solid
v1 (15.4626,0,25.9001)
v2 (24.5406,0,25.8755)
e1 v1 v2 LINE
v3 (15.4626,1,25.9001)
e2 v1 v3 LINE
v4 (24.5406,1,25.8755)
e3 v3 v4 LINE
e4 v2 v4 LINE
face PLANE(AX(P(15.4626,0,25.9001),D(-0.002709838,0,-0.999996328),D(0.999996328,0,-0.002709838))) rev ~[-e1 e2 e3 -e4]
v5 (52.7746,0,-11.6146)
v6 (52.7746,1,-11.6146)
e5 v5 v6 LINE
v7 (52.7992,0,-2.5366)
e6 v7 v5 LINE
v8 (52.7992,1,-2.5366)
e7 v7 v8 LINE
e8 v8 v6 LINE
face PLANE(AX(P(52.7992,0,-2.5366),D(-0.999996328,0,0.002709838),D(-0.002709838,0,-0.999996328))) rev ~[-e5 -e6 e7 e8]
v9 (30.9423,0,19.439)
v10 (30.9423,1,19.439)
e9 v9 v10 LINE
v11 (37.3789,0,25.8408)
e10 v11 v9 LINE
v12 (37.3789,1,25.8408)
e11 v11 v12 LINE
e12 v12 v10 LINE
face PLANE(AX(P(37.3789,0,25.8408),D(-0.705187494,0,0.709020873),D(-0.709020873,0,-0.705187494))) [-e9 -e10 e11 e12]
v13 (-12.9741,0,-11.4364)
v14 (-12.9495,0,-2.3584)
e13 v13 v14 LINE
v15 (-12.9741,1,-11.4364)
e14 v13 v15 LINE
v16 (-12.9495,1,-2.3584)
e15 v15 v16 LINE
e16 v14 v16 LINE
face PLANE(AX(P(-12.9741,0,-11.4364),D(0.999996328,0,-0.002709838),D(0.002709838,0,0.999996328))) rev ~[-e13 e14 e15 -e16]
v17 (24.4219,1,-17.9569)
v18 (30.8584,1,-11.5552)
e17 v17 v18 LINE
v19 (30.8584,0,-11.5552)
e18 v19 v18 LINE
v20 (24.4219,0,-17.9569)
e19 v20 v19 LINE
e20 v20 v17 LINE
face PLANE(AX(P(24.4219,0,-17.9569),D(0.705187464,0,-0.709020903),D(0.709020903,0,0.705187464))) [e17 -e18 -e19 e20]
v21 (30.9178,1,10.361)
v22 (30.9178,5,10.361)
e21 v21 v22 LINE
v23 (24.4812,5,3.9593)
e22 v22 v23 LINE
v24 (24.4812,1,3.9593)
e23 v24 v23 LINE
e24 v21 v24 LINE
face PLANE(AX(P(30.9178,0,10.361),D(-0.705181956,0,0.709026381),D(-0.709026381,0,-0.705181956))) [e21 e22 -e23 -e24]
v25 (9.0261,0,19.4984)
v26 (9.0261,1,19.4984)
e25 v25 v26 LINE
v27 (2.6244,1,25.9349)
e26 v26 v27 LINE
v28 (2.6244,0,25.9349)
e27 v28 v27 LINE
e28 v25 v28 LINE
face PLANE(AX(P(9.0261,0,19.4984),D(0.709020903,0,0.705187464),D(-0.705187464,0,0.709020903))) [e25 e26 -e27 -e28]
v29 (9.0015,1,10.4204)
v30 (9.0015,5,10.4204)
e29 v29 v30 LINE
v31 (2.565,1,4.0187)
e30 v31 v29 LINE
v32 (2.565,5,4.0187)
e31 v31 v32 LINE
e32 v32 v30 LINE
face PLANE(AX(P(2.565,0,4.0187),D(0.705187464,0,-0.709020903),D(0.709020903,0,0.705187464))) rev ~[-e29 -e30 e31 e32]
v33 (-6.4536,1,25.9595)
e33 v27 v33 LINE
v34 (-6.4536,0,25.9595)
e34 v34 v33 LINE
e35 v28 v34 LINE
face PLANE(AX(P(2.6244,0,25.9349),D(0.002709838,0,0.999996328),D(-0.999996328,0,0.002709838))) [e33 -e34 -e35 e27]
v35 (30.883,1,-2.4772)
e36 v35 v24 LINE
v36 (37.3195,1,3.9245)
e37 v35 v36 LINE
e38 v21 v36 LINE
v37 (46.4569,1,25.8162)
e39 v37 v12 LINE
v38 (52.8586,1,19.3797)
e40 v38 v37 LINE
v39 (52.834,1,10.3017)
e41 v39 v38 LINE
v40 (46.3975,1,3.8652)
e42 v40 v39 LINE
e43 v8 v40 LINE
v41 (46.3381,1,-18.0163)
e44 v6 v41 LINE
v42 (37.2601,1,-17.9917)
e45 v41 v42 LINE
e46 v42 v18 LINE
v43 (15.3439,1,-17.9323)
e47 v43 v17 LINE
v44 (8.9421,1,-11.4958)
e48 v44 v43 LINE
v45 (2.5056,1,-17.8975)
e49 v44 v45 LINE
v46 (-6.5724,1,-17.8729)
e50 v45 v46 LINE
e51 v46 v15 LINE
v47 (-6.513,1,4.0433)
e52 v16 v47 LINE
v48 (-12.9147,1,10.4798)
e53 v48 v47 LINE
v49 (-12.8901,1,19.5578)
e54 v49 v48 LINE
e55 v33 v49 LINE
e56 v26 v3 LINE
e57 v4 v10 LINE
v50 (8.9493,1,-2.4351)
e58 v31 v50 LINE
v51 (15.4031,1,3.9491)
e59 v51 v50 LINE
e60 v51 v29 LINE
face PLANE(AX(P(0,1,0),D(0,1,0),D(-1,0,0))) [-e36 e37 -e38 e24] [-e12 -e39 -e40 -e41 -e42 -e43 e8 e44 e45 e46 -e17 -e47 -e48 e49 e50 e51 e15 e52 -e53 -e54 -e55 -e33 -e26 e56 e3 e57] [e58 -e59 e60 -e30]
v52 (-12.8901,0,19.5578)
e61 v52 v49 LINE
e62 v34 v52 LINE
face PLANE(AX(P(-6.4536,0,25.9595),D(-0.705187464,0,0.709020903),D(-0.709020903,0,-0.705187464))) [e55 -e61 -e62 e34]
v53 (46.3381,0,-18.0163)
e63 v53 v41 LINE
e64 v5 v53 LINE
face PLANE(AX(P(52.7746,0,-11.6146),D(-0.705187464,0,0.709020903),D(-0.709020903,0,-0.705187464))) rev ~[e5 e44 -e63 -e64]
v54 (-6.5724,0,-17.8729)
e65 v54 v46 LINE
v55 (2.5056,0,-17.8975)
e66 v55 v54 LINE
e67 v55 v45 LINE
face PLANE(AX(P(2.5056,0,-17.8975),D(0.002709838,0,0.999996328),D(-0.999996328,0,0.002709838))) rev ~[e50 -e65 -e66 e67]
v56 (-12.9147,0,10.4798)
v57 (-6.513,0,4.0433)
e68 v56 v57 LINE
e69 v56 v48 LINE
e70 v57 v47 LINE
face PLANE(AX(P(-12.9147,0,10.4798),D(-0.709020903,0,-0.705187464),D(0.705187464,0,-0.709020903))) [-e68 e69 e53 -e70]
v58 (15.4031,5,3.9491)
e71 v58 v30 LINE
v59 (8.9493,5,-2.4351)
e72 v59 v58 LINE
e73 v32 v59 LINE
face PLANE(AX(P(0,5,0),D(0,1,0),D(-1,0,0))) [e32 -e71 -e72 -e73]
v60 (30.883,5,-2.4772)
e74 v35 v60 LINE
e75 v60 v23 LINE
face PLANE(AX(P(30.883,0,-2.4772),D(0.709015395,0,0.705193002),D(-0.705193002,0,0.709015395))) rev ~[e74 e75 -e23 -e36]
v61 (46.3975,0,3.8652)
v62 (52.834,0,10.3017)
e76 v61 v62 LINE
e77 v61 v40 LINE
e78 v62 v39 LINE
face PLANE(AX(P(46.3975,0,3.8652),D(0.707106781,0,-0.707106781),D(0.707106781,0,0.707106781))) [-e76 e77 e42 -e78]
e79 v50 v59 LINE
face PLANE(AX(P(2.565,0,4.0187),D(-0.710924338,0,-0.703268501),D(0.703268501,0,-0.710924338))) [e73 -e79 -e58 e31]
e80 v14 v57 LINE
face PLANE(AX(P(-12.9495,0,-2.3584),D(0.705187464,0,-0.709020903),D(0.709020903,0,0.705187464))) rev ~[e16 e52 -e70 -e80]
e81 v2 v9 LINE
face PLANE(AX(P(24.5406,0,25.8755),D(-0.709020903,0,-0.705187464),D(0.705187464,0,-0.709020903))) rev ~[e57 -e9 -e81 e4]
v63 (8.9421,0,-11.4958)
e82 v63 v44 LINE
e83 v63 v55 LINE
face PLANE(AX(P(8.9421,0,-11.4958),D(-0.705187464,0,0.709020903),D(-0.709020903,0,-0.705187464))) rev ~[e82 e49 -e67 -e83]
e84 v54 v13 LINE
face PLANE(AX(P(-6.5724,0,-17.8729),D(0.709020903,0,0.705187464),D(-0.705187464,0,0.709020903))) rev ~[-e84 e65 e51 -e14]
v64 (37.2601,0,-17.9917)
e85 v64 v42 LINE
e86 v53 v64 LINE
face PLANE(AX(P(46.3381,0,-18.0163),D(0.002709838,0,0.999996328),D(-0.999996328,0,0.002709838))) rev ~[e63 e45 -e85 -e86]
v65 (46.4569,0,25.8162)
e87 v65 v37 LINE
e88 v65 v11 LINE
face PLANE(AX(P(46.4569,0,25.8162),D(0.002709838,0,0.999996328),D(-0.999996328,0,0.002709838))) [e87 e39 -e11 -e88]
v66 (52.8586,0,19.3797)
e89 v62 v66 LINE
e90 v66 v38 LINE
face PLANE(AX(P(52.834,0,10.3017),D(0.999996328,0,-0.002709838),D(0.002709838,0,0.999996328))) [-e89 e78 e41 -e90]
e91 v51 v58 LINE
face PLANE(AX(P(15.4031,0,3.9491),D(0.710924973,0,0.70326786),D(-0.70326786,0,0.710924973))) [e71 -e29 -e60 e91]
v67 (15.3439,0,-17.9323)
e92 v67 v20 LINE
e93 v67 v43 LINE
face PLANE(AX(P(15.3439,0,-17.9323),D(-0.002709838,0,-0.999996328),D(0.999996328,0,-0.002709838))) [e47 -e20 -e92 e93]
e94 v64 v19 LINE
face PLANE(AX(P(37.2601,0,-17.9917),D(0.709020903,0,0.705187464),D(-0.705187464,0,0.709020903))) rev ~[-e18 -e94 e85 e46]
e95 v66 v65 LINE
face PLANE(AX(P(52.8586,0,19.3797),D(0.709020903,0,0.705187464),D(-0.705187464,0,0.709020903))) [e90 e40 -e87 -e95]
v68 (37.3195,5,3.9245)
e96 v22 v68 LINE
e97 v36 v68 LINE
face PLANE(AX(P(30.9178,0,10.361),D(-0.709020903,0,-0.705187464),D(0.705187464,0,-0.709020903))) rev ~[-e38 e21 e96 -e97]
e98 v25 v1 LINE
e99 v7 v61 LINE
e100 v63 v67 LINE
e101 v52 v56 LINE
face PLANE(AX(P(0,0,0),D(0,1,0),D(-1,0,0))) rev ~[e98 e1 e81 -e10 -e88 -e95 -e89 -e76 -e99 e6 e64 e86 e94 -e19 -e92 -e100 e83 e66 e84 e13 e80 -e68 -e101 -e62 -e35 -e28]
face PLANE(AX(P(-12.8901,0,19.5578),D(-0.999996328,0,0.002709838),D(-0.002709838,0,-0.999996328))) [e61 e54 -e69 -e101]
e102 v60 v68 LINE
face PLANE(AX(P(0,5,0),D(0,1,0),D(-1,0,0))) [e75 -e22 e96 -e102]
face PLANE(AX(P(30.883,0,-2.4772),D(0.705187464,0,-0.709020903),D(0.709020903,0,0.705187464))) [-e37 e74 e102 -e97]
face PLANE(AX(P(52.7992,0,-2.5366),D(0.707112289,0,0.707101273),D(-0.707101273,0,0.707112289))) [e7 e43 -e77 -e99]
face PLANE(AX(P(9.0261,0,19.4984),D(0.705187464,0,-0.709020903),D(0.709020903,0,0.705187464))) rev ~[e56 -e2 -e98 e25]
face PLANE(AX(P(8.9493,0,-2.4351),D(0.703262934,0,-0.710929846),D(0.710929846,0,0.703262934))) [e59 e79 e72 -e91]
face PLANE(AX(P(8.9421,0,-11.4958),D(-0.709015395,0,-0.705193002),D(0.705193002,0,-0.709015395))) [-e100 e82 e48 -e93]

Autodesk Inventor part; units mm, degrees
ref_plane "YZ Plane" through (0, 0, 0) normal (1, 0, 0) x (0, 1, 0)
ref_plane "XZ Plane" through (0, 0, 0) normal (0, 1, 0) x (-1, 0, 0)
ref_plane "XY Plane" through (0, 0, 0) normal (0, 0, 1) x (1, 0, 0)
sketch "Sketch1" plane through (0, 0, 0) normal (0, 1, 0) x (-1, 0, 0)
  line L0 (-9.0015, 10.4204) -> (-9.0261, 19.4984)
  line L1 (-9.0261, 19.4984) -> (-2.6244, 25.9349)
  line L2 (-2.6244, 25.9349) -> (6.4536, 25.9595)
  line L3 (6.4536, 25.9595) -> (12.8901, 19.5578)
  line L4 (12.8901, 19.5578) -> (12.9147, 10.4798)
  line L5 (12.9147, 10.4798) -> (6.513, 4.0433)
  line L6 (6.513, 4.0433) -> (-2.565, 4.0187)
  line L7 (-2.565, 4.0187) -> (-9.0015, 10.4204)
  line L8 (-2.565, 4.0187) -> (-8.9493, -2.4351)
  line L9 (-8.9493, -2.4351) -> (-15.4031, 3.9491)
  line L10 (-15.4031, 3.9491) -> (-9.0015, 10.4204)
  line L11 (-8.9667, -2.4178) -> (-8.9421, -11.4958)
  line L12 (-8.9421, -11.4958) -> (-2.5056, -17.8975)
  line L13 (-2.5056, -17.8975) -> (6.5724, -17.8729)
  line L14 (6.5724, -17.8729) -> (12.9741, -11.4364)
  line L15 (12.9741, -11.4364) -> (12.9495, -2.3584)
  line L16 (12.9495, -2.3584) -> (6.513, 4.0433)
  line L17 (-24.4812, 3.9593) -> (-15.4032, 3.9839)
  line L18 (-30.883, -2.4772) -> (-24.4812, 3.9593)
  line L19 (-30.8584, -11.5552) -> (-30.883, -2.4772)
  line L20 (-24.4219, -17.9569) -> (-30.8584, -11.5552)
  line L21 (-15.3439, -17.9323) -> (-24.4219, -17.9569)
  line L22 (-8.9421, -11.4958) -> (-15.3439, -17.9323)
  line L23 (-30.9178, 10.361) -> (-24.4812, 3.9593)
  line L24 (-30.9423, 19.439) -> (-30.9178, 10.361)
  line L25 (-24.5406, 25.8755) -> (-30.9423, 19.439)
  line L26 (-15.4626, 25.9001) -> (-24.5406, 25.8755)
  line L27 (-9.0261, 19.4984) -> (-15.4626, 25.9001)
  line L28 (-52.834, 10.3017) -> (-52.8586, 19.3797)
  line L29 (-52.8166, -2.554) -> (-46.3975, 3.8652)
  line L30 (-46.3975, 3.8652) -> (-52.834, 10.3017)
  line L31 (-52.7992, -2.5366) -> (-52.7746, -11.6146)
  line L32 (-37.3195, 3.9245) -> (-46.3975, 3.8999)
  line L33 (-30.883, -2.4772) -> (-37.3195, 3.9245)
  line L34 (-37.2601, -17.9917) -> (-30.8584, -11.5552)
  line L35 (-46.3381, -18.0163) -> (-37.2601, -17.9917)
  line L36 (-52.7746, -11.6146) -> (-46.3381, -18.0163)
  line L37 (-30.9178, 10.361) -> (-37.3195, 3.9245)
  line L38 (-37.3789, 25.8408) -> (-30.9423, 19.439)
  line L39 (-46.4569, 25.8162) -> (-37.3789, 25.8408)
  line L40 (-52.8586, 19.3797) -> (-46.4569, 25.8162)
  point P0 (0, 0)
  point P1 (1.9443, 14.9891)
  dimension "d0" = 9.078
  dimension "d3" = 9.078
  dimension "d4" = 9.078
extrude "Extrusion1" add sketch "Sketch1" along normal blind 1 contours L10 L9 L11 L22 L21 L20 L19 L18 L23 L24 L25 L26 L27 L0 | L0 L1 L2 L3 L4 L5 L6 L7 | L6 L16 L15 L14 L13 L12 L11 L9 L8 | L24 L37 L33 L19 L34 L35 L36 L31 L29 L30 L28 L40 L39 L38
extrude "Extrusion2" add sketch "Sketch1" along normal blind 5 contours L7 L8 L9 L10 | L23 L18 L33 L37
properties part number "_3DPrint"
